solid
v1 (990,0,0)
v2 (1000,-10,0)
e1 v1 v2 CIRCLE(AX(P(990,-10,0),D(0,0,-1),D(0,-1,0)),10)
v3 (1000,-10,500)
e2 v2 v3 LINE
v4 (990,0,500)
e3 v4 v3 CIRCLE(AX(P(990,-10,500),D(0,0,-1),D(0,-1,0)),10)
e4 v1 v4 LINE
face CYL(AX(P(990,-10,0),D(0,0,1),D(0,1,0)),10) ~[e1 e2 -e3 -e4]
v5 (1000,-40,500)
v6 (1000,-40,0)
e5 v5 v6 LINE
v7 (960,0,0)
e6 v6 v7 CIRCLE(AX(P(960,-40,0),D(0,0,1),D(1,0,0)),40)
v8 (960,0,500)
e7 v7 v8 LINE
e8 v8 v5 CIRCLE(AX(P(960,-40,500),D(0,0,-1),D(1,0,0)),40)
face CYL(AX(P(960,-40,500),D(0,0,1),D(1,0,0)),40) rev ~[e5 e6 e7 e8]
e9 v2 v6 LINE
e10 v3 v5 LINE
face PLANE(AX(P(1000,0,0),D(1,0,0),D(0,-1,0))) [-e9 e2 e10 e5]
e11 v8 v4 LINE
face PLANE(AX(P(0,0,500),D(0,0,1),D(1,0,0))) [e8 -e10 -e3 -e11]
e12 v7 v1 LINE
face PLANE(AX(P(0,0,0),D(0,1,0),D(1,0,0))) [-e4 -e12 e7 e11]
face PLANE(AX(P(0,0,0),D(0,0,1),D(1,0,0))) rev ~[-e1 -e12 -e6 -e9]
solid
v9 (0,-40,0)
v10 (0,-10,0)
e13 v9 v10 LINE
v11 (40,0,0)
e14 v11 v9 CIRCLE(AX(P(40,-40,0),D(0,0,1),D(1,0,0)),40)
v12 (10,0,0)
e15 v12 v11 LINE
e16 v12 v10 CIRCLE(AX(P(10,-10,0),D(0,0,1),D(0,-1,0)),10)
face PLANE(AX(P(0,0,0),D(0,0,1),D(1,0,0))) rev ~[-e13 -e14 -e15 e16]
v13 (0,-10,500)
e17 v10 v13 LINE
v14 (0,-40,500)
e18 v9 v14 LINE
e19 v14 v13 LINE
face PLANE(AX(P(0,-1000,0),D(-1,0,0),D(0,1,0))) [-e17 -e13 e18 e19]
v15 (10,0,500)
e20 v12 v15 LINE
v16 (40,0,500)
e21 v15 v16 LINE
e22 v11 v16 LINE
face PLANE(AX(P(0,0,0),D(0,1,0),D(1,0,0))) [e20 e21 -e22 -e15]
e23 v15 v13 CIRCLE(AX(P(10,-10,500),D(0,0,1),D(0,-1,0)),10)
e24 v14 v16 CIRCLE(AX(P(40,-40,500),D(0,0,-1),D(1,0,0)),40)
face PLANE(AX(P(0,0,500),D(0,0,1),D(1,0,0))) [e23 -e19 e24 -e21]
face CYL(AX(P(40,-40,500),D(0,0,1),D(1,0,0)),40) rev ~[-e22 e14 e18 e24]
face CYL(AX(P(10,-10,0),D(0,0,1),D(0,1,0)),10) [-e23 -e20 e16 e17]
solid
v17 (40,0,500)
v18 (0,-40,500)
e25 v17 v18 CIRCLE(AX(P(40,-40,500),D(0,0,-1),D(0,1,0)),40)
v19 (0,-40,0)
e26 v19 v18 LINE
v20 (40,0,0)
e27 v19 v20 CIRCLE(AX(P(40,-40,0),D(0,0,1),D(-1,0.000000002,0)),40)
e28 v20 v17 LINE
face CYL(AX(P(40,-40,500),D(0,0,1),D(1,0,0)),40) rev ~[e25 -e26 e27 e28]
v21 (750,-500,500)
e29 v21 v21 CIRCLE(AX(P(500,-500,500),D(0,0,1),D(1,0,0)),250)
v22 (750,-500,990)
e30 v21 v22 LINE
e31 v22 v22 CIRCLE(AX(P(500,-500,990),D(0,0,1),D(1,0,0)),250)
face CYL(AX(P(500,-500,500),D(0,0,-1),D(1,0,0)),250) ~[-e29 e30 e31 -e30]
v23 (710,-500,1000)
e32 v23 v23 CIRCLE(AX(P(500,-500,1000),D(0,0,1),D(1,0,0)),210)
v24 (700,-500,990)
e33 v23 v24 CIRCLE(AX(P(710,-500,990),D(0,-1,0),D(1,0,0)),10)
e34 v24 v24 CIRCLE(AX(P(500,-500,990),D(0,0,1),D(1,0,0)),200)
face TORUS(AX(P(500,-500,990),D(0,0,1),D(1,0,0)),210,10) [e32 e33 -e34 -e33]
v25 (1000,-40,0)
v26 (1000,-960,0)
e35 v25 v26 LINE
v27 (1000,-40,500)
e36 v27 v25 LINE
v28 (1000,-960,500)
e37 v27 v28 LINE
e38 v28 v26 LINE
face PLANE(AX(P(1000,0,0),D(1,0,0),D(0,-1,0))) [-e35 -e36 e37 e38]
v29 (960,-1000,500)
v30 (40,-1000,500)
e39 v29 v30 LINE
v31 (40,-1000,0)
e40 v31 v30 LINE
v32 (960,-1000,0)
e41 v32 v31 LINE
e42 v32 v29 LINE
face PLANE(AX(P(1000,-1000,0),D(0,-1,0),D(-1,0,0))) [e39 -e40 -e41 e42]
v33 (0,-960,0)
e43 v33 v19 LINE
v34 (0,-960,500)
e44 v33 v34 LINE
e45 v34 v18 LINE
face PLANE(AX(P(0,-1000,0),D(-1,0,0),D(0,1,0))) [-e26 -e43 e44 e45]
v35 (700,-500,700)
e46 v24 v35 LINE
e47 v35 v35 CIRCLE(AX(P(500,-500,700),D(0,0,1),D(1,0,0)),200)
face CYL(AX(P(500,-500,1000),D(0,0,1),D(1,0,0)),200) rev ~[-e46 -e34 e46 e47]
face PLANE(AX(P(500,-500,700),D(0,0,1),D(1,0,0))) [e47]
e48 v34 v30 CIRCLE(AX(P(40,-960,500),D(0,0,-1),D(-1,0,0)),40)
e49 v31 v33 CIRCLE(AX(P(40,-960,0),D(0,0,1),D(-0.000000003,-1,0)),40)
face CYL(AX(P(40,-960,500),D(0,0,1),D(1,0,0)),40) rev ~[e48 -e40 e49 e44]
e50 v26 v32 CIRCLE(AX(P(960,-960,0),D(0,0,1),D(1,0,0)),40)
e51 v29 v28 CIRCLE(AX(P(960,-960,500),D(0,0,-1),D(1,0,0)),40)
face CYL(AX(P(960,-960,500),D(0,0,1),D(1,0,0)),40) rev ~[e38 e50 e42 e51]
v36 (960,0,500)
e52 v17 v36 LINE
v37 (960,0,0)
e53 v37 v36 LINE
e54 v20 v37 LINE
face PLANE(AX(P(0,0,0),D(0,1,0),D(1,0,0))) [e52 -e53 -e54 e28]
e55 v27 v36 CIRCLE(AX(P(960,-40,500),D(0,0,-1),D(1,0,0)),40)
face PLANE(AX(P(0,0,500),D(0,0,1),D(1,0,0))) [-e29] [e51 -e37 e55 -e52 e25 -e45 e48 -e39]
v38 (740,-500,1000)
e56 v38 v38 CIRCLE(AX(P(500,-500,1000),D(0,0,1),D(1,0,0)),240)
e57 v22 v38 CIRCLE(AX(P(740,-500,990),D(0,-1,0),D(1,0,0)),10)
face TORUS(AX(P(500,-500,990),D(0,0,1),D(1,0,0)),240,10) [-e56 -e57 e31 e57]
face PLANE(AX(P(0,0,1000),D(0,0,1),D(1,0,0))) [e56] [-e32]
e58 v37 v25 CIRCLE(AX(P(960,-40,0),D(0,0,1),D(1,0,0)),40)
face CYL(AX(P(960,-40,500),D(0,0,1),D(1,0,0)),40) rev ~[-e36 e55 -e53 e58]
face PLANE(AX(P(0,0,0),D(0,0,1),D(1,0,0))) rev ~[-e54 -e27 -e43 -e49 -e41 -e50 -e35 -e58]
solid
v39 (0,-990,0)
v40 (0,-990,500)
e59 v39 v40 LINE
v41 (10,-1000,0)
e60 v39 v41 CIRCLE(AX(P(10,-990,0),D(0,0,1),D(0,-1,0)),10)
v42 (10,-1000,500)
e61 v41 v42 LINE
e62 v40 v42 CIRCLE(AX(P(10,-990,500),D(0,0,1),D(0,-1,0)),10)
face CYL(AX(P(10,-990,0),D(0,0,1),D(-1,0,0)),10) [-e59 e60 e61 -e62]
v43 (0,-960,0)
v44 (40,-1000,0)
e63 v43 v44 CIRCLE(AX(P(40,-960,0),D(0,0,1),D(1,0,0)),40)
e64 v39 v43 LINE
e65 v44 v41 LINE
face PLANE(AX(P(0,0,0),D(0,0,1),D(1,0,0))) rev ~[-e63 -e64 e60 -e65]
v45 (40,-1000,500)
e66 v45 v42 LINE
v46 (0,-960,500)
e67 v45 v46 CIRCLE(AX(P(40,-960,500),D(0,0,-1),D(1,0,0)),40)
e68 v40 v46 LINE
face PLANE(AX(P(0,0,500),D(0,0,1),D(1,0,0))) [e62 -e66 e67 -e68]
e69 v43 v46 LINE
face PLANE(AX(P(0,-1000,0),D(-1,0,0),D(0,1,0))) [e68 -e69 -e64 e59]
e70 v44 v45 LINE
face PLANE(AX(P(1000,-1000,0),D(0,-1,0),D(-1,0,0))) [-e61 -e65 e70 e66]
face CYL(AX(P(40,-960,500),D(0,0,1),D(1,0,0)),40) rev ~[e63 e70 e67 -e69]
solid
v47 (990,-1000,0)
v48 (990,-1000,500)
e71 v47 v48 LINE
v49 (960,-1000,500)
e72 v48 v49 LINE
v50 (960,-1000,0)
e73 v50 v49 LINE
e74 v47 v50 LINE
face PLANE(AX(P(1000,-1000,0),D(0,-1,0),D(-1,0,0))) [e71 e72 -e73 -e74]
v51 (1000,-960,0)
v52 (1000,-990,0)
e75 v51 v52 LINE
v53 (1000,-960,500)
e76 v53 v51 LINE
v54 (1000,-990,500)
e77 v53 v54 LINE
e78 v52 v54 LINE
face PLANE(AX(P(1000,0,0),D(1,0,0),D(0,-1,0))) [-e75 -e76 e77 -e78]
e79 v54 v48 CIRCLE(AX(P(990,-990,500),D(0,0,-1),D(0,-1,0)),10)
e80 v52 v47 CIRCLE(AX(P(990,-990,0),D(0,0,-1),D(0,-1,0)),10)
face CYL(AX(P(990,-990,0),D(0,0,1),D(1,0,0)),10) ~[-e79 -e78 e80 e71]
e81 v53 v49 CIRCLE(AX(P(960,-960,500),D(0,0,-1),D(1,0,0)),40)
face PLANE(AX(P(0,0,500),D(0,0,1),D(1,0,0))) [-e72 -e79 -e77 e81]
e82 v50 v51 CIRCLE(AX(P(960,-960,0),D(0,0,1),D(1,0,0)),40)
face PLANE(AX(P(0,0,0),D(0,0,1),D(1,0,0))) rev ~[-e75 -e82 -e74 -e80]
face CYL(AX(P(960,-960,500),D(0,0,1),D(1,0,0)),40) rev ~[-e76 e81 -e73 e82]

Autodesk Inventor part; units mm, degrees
ref_plane "YZ Plane" through (0, 0, 0) normal (1, 0, 0) x (0, 1, 0)
ref_plane "XZ Plane" through (0, 0, 0) normal (0, 1, 0) x (-1, 0, 0)
ref_plane "XY Plane" through (0, 0, 0) normal (0, 0, 1) x (1, 0, 0)
sketch "Sketch1" plane through (0, 0, 0) normal (0, 0, 1) x (1, 0, 0)
  line L0 (0, 0) -> (1000, 0)
  line L1 (1000, 0) -> (1000, -1000)
  line L2 (1000, -1000) -> (0, -1000)
  line L3 (0, -1000) -> (0, 0)
  dimension "d0" = 1000
  dimension "d1" = 1000
extrude "Extrusion1" add sketch "Sketch1" along normal blind 500
sketch "Sketch2" plane through (0, 0, 500) normal (0, 0, 1) x (1, 0, 0)
  line L0 (0, 0) -> (0, -1000) projected
  line L1 (0, -500) -> (1000, -500) construction
  line L2 (1000, -1000) -> (1000, 0) projected
  circle A0 centre (500, -500) radius 250
  dimension "d4" = 500
extrude "Extrusion2" add sketch "Sketch2" along normal blind 500
sketch "Sketch3" plane through (500, -500, 1000) normal (0, 0, 1) x (1, 0, 0)
  circle A0 centre (0, 0) radius 250 projected
  circle A1 centre (0, 0) radius 200
  point P0 (-500, 500)
  dimension "d7" = 400
extrude "Extrusion3" cut sketch "Sketch3" against normal blind 300 contours A1
fillet "Fillet1" radius 10 5 edges at (1000, 0, 250) (1000, -1000, 250) (0, 0, 250) (0, -1000, 250) (300, -500, 1000)
sketch "Sketch4" plane through (0, 0, 500) normal (0, 0, 1) x (1, 0, 0)
  line L0 (0, -10) -> (0, -990) projected
  line L1 (1000, -990) -> (1000, -10) projected
  line L2 (10, -1000) -> (990, -1000) projected
  line L3 (-34.7433, -960) -> (1071.285, -960) construction
  line L4 (960, -1052.4238) -> (960, 91.4593) construction
  line L5 (990, 0) -> (10, 0) projected
  circle A0 centre (960, -960) radius 40
  line L6 (1056.705, -40) -> (-70.4177, -40) construction
  line L7 (40, 72.2034) -> (40, -1093.9026) construction
  circle A1 centre (40, -960) radius 40
  circle A2 centre (40, -40) radius 40
  circle A3 centre (960, -40) radius 40
  point P0 (0, 0)
  point P1 (960, -1052.4238)
  point P2 (960, 91.4593)
  dimension "d12" = 40
  dimension "d13" = 40
  dimension "d14" = 80
  dimension "d15" = 40
  dimension "d16" = 40
  dimension "d17" = 80
  dimension "d18" = 80
  dimension "d19" = 80
extrude "Extrusion4" cut sketch "Sketch4" against normal blind 500 contours A2 | A1 | A3 | A0
fillet "Fillet2" radius 10 1 edges at (250, -500, 1000)
properties part number "Práctica 1"
